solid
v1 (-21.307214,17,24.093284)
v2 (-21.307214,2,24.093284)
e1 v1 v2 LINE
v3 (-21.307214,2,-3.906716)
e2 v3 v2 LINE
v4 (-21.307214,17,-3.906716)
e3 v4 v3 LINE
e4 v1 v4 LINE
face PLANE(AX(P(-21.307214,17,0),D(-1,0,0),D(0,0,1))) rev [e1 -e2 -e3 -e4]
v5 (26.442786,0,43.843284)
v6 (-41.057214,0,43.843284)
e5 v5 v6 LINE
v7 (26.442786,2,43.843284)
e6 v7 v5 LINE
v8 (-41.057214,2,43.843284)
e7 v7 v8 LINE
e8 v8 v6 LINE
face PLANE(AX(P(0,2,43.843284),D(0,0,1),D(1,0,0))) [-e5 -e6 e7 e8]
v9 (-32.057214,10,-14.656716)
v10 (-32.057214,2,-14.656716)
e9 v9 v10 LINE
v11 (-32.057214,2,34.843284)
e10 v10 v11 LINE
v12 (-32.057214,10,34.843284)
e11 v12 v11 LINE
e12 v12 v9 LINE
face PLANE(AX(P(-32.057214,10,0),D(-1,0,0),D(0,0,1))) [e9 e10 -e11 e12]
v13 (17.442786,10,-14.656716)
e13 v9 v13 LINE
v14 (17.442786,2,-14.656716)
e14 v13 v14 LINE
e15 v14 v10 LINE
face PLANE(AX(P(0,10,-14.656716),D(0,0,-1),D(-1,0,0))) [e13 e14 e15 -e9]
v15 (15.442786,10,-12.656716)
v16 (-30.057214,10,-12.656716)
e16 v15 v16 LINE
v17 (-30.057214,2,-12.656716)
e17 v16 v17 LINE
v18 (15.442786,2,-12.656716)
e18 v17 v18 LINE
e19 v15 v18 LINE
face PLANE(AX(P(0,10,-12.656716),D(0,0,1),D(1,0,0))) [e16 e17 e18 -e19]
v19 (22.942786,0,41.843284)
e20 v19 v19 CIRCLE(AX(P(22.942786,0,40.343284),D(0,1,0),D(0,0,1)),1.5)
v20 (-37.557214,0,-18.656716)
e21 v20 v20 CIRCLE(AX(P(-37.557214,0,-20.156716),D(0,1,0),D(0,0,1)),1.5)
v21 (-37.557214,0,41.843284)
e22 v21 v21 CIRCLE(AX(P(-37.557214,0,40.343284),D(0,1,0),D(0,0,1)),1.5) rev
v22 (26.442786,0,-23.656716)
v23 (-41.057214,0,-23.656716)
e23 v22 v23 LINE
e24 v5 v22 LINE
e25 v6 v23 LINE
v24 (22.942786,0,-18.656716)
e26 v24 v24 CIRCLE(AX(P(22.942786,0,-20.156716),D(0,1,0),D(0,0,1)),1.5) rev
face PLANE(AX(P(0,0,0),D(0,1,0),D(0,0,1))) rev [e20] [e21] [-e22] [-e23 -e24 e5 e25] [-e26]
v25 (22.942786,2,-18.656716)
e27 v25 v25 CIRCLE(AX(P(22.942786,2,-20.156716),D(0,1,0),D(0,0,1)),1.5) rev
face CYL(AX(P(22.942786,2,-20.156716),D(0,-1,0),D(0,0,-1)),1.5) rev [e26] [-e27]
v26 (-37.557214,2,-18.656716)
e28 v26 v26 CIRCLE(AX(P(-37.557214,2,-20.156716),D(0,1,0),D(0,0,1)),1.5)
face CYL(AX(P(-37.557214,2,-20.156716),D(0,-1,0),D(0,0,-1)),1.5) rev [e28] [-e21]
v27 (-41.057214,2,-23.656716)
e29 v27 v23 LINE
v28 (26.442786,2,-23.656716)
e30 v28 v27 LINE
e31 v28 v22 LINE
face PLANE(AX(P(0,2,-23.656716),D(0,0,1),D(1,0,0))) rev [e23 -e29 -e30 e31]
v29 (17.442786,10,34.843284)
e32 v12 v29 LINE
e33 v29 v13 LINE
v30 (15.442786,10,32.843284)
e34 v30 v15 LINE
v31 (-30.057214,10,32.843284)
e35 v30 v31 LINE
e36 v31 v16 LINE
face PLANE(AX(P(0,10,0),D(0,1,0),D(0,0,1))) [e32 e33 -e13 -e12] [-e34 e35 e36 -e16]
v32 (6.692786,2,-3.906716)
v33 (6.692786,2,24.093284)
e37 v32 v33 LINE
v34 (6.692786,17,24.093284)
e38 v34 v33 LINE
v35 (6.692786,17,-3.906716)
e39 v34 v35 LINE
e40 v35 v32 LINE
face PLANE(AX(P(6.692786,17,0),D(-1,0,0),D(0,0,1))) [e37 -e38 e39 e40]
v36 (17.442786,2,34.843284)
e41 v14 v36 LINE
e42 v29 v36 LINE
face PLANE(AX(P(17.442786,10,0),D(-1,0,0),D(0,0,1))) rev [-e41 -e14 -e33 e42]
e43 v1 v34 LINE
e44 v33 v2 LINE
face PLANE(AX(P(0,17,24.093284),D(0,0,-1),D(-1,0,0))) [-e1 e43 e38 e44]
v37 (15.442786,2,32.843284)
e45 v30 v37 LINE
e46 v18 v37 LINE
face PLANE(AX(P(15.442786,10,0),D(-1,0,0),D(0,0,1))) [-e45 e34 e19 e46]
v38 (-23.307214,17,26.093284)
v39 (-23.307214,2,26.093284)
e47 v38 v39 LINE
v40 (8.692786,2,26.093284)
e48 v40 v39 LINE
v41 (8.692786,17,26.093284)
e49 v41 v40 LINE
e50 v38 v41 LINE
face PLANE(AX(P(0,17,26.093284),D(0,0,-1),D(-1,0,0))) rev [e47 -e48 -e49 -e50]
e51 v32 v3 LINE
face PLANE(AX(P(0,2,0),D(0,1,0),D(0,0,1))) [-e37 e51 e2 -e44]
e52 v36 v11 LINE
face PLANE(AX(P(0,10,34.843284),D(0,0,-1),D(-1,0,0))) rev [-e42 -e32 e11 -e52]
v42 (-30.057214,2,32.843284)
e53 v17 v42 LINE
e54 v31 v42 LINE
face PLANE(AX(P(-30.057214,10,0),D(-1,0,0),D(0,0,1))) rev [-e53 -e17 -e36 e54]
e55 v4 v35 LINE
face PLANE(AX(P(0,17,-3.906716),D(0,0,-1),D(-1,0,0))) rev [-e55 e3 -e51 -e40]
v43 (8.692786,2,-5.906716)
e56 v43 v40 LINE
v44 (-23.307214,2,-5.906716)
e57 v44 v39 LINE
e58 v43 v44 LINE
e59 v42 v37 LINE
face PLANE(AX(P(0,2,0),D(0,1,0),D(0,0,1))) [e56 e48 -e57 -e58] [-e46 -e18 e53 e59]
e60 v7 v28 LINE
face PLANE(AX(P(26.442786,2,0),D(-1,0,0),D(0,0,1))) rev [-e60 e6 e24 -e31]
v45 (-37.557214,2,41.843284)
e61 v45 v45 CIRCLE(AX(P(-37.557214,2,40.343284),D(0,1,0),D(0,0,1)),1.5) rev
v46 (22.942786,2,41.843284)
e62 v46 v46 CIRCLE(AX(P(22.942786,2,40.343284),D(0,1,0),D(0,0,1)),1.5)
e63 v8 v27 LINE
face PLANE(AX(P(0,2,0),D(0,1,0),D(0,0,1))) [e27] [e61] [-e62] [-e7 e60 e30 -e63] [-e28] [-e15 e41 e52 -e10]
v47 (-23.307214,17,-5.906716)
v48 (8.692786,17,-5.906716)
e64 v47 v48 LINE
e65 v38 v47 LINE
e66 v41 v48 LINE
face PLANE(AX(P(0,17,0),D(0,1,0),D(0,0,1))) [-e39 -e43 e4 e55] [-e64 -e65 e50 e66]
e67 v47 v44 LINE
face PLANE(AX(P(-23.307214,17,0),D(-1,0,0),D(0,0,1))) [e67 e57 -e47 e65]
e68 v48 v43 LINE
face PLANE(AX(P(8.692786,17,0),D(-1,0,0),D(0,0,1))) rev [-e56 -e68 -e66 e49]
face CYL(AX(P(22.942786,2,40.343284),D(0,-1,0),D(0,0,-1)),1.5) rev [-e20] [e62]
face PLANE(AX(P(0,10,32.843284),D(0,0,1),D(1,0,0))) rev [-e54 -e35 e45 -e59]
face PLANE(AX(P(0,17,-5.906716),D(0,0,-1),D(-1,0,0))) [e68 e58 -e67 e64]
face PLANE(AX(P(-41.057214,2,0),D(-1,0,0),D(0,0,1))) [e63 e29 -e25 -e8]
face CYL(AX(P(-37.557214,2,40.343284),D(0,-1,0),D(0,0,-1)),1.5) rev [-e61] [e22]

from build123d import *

# Parameters (mm, degrees)
SKETCH2_W           = 67.5
SKETCH2_H           = 67.5
SKETCH2_R           = 1.5
BOSS_EXTRUDE3_DEPTH = 2
SKETCH1_W           = 32
SKETCH1_H           = 32
SKETCH1_W_2         = 28
SKETCH1_H_2         = 28
BOSS_EXTRUDE4_DEPTH = 17
SKETCH1_6_W         = 49.5
SKETCH1_6_H         = 49.5
SKETCH1_6_W_2       = 45.5
SKETCH1_6_H_2       = 45.5
BOSS_EXTRUDE5_DEPTH = 10


with BuildPart() as part:
    # Sketch2 → Boss-Extrude3 (new body)
    with BuildSketch(Plane(origin=(0, 0, 0), x_dir=(1, 0, 0), z_dir=(0, 1, 0))):
        with Locations((-7.30721393, -10.093283582)):
            Rectangle(SKETCH2_W, SKETCH2_H)
        with Locations((-37.55721393, -40.343283582)):
            Circle(SKETCH2_R, mode=Mode.SUBTRACT)
        with Locations((22.94278607, -40.343283582)):
            Circle(SKETCH2_R, mode=Mode.SUBTRACT)
        with Locations((-37.55721393, 20.156716418)):
            Circle(SKETCH2_R, mode=Mode.SUBTRACT)
        with Locations((22.94278607, 20.156716418)):
            Circle(SKETCH2_R, mode=Mode.SUBTRACT)
    extrude(amount=BOSS_EXTRUDE3_DEPTH)

    # Sketch1 → Boss-Extrude4 (add)
    with BuildSketch(Plane(origin=(0, 0, 0), x_dir=(1, 0, 0), z_dir=(0, 1, 0))):
        with Locations((-7.30721393, -10.093283582)):
            Rectangle(SKETCH1_W, SKETCH1_H)
        with Locations((-7.30721393, -10.093283582)):
            Rectangle(SKETCH1_W_2, SKETCH1_H_2, mode=Mode.SUBTRACT)
    extrude(amount=BOSS_EXTRUDE4_DEPTH)

    # Sketch1<6> → Boss-Extrude5 (add)
    with BuildSketch(Plane(origin=(0, 0, 0), x_dir=(1, 0, 0), z_dir=(0, 1, 0))):
        with Locations((-7.30721393, -10.093283582)):
            Rectangle(SKETCH1_6_W, SKETCH1_6_H)
        with Locations((-7.30721393, -10.093283582)):
            Rectangle(SKETCH1_6_W_2, SKETCH1_6_H_2, mode=Mode.SUBTRACT)
    extrude(amount=BOSS_EXTRUDE5_DEPTH)


solid = part.part
